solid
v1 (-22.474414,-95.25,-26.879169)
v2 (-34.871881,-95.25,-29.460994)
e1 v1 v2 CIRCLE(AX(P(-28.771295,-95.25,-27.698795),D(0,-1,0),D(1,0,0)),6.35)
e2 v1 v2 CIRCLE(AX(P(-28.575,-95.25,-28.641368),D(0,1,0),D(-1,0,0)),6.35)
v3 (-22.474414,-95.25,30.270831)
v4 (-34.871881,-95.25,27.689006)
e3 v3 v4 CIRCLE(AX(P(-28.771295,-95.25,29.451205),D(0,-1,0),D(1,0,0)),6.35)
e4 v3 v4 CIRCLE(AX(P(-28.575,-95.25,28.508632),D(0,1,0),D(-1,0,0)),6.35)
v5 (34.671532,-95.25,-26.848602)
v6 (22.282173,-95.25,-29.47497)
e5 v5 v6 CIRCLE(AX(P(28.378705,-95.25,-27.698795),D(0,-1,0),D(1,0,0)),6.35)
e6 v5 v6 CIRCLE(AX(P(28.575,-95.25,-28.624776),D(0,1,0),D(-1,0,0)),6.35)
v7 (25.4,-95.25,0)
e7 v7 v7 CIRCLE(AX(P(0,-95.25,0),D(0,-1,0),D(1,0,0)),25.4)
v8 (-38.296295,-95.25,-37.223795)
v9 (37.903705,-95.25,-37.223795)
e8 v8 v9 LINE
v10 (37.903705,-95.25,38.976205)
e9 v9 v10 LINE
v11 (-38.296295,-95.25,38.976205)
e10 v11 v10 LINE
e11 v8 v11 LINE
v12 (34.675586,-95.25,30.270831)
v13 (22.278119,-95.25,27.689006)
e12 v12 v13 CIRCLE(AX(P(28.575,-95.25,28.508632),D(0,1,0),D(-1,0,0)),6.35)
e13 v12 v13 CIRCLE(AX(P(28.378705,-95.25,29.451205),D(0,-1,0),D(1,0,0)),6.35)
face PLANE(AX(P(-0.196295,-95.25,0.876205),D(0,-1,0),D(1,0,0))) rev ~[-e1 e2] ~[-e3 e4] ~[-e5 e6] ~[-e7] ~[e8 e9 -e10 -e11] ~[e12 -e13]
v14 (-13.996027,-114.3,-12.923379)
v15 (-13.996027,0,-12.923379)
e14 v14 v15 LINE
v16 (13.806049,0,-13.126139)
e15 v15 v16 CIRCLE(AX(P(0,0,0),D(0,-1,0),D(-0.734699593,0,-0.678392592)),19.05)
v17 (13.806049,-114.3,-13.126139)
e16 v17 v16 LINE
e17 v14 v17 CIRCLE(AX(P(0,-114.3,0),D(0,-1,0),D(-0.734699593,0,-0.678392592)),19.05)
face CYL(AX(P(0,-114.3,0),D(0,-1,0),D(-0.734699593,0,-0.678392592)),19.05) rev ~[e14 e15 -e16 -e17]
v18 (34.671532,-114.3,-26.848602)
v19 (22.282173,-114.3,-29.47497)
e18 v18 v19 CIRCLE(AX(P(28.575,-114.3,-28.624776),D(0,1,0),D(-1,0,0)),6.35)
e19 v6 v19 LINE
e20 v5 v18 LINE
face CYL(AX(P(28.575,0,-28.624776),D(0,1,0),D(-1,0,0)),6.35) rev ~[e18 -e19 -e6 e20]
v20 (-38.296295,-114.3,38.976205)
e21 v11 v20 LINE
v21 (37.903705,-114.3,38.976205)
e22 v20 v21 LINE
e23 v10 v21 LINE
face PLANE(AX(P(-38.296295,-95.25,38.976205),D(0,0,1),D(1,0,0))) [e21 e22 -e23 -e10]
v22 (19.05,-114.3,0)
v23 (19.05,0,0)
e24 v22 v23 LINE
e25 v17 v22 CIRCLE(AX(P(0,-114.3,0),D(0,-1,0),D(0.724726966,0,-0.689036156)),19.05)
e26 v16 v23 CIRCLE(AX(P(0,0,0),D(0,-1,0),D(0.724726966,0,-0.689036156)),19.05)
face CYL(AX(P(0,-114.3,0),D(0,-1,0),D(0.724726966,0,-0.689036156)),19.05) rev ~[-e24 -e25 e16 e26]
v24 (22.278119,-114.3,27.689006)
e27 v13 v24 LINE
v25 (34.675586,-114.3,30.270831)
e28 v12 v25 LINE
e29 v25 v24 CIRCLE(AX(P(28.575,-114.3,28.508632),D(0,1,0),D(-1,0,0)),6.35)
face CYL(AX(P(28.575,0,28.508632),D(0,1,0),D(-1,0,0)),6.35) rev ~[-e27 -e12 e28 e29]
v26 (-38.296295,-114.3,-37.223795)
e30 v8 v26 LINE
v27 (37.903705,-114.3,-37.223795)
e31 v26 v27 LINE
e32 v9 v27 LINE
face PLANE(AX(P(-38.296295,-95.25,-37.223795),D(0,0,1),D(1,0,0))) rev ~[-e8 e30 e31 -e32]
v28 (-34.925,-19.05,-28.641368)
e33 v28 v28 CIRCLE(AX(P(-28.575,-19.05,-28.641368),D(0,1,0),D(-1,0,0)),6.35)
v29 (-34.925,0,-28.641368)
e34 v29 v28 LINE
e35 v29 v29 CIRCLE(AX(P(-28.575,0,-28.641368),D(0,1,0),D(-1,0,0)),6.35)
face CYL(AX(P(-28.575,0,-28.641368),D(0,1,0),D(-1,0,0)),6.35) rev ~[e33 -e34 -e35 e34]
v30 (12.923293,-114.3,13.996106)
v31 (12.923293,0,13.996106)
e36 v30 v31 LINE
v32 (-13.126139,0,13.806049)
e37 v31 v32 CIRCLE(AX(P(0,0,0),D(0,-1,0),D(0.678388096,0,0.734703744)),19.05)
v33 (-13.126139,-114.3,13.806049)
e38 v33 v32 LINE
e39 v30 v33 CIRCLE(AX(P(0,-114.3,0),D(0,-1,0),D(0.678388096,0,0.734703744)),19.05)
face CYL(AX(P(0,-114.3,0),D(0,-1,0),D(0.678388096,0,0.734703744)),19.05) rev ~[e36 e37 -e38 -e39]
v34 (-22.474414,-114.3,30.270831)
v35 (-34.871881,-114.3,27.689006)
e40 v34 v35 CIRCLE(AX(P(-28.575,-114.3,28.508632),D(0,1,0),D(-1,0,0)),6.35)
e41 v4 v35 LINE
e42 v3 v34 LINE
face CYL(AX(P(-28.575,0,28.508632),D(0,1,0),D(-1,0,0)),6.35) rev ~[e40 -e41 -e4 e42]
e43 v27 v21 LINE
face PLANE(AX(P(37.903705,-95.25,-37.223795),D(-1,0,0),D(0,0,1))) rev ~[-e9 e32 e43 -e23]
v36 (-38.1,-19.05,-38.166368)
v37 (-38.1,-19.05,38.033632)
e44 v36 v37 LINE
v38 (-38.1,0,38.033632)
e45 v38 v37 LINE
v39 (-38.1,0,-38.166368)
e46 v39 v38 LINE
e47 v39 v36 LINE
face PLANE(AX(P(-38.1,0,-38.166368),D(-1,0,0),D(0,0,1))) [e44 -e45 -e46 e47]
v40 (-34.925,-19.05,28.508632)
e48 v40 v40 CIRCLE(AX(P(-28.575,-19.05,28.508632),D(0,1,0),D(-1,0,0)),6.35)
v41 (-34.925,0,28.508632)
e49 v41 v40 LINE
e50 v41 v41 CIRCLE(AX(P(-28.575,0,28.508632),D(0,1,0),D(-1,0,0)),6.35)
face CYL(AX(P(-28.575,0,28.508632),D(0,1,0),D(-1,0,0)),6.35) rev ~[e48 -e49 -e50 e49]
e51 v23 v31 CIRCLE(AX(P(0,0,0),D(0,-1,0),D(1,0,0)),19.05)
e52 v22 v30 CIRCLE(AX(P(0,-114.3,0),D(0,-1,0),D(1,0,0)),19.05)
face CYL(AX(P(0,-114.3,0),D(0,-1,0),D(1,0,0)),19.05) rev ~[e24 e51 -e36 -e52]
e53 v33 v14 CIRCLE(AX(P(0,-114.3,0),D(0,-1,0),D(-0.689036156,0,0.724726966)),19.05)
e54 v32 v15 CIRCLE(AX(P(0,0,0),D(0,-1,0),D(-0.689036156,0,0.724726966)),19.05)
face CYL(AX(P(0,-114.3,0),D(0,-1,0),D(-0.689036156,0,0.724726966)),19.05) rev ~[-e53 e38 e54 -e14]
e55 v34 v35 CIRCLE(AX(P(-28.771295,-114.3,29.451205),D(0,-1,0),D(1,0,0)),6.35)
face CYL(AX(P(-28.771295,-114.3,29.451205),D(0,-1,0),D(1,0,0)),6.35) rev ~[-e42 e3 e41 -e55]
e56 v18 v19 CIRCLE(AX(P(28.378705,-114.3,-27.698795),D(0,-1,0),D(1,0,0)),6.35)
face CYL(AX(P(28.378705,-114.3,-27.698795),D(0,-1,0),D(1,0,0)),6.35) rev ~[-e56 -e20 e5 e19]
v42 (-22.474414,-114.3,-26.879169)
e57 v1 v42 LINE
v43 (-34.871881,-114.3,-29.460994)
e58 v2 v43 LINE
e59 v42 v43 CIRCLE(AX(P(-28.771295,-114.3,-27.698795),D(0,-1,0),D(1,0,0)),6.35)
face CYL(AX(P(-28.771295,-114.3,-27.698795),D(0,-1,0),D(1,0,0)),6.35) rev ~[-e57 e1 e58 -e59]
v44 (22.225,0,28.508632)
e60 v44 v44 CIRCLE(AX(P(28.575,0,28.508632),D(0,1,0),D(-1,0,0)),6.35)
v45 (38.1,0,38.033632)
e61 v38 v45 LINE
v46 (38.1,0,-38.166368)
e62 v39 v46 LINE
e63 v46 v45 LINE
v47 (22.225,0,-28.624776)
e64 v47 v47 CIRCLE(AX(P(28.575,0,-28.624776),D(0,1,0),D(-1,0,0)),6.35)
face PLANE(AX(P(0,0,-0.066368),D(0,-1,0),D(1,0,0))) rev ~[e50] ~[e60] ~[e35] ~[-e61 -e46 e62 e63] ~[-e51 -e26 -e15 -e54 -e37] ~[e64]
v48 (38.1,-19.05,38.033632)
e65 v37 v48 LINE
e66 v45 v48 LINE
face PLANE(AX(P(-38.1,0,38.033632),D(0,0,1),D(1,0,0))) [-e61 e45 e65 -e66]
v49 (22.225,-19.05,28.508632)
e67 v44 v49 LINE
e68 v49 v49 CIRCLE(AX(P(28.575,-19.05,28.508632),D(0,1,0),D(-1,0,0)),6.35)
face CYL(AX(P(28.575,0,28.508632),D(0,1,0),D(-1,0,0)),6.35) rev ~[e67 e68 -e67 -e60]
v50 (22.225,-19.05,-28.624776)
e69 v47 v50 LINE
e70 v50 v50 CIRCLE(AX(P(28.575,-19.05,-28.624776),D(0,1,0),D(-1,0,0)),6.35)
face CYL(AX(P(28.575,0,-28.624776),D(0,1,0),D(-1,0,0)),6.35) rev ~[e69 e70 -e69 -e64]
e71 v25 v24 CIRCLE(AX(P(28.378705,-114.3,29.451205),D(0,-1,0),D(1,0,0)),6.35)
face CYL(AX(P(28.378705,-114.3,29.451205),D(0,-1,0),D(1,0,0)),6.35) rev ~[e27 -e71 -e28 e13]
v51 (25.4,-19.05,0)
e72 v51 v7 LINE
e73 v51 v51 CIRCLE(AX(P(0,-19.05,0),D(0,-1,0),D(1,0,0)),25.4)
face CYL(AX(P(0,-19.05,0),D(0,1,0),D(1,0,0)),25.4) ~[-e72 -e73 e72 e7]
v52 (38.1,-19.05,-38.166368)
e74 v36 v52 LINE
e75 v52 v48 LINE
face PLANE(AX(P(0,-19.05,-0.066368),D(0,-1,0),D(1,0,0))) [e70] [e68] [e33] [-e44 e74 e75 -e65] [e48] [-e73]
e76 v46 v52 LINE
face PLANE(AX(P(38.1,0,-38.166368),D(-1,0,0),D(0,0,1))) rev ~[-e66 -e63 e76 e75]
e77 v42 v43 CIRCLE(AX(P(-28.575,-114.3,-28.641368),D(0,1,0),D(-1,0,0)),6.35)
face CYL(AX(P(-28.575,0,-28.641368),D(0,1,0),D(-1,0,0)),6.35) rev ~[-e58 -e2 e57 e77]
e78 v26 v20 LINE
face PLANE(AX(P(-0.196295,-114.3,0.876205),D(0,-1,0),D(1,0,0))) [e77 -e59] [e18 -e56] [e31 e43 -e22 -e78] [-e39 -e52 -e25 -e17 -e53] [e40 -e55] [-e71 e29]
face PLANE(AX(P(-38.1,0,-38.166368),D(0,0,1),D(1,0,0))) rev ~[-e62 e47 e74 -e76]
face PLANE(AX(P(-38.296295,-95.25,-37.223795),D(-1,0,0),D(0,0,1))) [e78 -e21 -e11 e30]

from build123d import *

# Parameters (mm, degrees)
F0_W      = 76.2
F0_H      = 76.2
F1_DEPTH  = 19.05
F2_R      = 25.4
F3_DEPTH  = 76.2
F5_W      = 76.2
F5_H      = 76.2
F5_R      = 25.4
F4_R      = 25.4
F6_DEPTH  = 19.05
F8_DEPTH  = 114.301
F9_R      = 6.35
F10_R     = 6.35
F11_DEPTH = 25.4
F12_R     = 6.35
F13_DEPTH = 114.301


with BuildPart() as f1:
    # F0 (on Front) → F1 (new body)
    with BuildSketch(Plane.XZ):
        with Locations((0, -0.0663684971)):
            Rectangle(F0_W, F0_H)
    extrude(amount=F1_DEPTH)

    # F2 (on face) → F3 (join)
    with BuildSketch(Plane.XZ.offset(19.05)):
        Circle(F2_R)
    extrude(amount=F3_DEPTH)

    # F5 (on face) + F4 (on face) → F6 (join)
    with BuildSketch(Plane.XZ.offset(95.25)):
        with Locations((-0.1962948591, 0.8762047957)):
            Rectangle(F5_W, F5_H)
        Circle(F5_R, mode=Mode.SUBTRACT)
    with BuildSketch(Plane.XZ.offset(95.25)):
        Circle(F4_R)
    extrude(amount=F6_DEPTH)

    # F7 (on face) → F8 (cut, through all)
    with BuildSketch(Plane.XZ.offset(114.3)):
        with BuildLine():
            Line((-0.196411438, 0.8763213746), (-13.1261387718, 13.8060487085))
            ThreePointArc((-13.1261387718, 13.8060487085), (-19.0399198266, 0.6196394072), (-13.9960272385, -12.9233788747))
            Line((-13.9960272385, -12.9233788747), (-0.196411438, 0.8763213746))
        make_face()
        with BuildLine():
            Line((13.8060487085, -13.1261387718), (-0.196411438, 0.8763213746))
            Line((-0.196411438, 0.8763213746), (-13.9960272385, -12.9233788747))
            ThreePointArc((-13.9960272385, -12.9233788747), (-0.1389275151, -19.0494934092), (13.8060487085, -13.1261387718))
        make_face()
        with BuildLine():
            Line((12.923293224, 13.9961063245), (-0.196411438, 0.8763213746))
            Line((-0.196411438, 0.8763213746), (13.8060487085, -13.1261387718))
            ThreePointArc((13.8060487085, -13.1261387718), (17.690502083, -7.067434899), (19.05, 0))
            ThreePointArc((19.05, 0), (17.4512354279, 7.6391676275), (12.923293224, 13.9961063245))
        make_face()
        with BuildLine():
            ThreePointArc((12.923293224, 13.9961063245), (-0.138985803, 19.049492984), (-13.1261387718, 13.8060487085))
            Line((-13.1261387718, 13.8060487085), (-0.196411438, 0.8763213746))
            Line((-0.196411438, 0.8763213746), (12.923293224, 13.9961063245))
        make_face()
    extrude(amount=-F8_DEPTH, mode=Mode.SUBTRACT)

    # F9 (on face) + F10 (on face) → F11 (cut)
    with BuildSketch(Plane.XZ.offset(114.3)):
        with Locations((28.3787051409, -27.6987952043)):
            Circle(F9_R)
        with Locations((-28.7712948591, 29.4512047957)):
            Circle(F9_R)
        with Locations((-28.7712948591, -27.6987952043)):
            Circle(F9_R)
    with BuildSketch(Plane.XZ.offset(114.3)):
        with Locations((28.3787051409, 29.4512047957)):
            Circle(F10_R)
    extrude(amount=-F11_DEPTH, mode=Mode.SUBTRACT)

    # F12 (on face) → F13 (cut, through all)
    with BuildSketch(Plane(origin=(0, 0, 0), x_dir=(-1, 0, 0), z_dir=(0, 1, 0))):
        with Locations((28.575, -28.6413684971)):
            Circle(F12_R)
        with Locations((28.575, 28.5086315029)):
            Circle(F12_R)
        with Locations((-28.575, 28.5086315029)):
            Circle(F12_R)
        with Locations((-28.575, -28.6247763728)):
            Circle(F12_R)
    extrude(amount=-F13_DEPTH, mode=Mode.SUBTRACT)


solid = f1.part
